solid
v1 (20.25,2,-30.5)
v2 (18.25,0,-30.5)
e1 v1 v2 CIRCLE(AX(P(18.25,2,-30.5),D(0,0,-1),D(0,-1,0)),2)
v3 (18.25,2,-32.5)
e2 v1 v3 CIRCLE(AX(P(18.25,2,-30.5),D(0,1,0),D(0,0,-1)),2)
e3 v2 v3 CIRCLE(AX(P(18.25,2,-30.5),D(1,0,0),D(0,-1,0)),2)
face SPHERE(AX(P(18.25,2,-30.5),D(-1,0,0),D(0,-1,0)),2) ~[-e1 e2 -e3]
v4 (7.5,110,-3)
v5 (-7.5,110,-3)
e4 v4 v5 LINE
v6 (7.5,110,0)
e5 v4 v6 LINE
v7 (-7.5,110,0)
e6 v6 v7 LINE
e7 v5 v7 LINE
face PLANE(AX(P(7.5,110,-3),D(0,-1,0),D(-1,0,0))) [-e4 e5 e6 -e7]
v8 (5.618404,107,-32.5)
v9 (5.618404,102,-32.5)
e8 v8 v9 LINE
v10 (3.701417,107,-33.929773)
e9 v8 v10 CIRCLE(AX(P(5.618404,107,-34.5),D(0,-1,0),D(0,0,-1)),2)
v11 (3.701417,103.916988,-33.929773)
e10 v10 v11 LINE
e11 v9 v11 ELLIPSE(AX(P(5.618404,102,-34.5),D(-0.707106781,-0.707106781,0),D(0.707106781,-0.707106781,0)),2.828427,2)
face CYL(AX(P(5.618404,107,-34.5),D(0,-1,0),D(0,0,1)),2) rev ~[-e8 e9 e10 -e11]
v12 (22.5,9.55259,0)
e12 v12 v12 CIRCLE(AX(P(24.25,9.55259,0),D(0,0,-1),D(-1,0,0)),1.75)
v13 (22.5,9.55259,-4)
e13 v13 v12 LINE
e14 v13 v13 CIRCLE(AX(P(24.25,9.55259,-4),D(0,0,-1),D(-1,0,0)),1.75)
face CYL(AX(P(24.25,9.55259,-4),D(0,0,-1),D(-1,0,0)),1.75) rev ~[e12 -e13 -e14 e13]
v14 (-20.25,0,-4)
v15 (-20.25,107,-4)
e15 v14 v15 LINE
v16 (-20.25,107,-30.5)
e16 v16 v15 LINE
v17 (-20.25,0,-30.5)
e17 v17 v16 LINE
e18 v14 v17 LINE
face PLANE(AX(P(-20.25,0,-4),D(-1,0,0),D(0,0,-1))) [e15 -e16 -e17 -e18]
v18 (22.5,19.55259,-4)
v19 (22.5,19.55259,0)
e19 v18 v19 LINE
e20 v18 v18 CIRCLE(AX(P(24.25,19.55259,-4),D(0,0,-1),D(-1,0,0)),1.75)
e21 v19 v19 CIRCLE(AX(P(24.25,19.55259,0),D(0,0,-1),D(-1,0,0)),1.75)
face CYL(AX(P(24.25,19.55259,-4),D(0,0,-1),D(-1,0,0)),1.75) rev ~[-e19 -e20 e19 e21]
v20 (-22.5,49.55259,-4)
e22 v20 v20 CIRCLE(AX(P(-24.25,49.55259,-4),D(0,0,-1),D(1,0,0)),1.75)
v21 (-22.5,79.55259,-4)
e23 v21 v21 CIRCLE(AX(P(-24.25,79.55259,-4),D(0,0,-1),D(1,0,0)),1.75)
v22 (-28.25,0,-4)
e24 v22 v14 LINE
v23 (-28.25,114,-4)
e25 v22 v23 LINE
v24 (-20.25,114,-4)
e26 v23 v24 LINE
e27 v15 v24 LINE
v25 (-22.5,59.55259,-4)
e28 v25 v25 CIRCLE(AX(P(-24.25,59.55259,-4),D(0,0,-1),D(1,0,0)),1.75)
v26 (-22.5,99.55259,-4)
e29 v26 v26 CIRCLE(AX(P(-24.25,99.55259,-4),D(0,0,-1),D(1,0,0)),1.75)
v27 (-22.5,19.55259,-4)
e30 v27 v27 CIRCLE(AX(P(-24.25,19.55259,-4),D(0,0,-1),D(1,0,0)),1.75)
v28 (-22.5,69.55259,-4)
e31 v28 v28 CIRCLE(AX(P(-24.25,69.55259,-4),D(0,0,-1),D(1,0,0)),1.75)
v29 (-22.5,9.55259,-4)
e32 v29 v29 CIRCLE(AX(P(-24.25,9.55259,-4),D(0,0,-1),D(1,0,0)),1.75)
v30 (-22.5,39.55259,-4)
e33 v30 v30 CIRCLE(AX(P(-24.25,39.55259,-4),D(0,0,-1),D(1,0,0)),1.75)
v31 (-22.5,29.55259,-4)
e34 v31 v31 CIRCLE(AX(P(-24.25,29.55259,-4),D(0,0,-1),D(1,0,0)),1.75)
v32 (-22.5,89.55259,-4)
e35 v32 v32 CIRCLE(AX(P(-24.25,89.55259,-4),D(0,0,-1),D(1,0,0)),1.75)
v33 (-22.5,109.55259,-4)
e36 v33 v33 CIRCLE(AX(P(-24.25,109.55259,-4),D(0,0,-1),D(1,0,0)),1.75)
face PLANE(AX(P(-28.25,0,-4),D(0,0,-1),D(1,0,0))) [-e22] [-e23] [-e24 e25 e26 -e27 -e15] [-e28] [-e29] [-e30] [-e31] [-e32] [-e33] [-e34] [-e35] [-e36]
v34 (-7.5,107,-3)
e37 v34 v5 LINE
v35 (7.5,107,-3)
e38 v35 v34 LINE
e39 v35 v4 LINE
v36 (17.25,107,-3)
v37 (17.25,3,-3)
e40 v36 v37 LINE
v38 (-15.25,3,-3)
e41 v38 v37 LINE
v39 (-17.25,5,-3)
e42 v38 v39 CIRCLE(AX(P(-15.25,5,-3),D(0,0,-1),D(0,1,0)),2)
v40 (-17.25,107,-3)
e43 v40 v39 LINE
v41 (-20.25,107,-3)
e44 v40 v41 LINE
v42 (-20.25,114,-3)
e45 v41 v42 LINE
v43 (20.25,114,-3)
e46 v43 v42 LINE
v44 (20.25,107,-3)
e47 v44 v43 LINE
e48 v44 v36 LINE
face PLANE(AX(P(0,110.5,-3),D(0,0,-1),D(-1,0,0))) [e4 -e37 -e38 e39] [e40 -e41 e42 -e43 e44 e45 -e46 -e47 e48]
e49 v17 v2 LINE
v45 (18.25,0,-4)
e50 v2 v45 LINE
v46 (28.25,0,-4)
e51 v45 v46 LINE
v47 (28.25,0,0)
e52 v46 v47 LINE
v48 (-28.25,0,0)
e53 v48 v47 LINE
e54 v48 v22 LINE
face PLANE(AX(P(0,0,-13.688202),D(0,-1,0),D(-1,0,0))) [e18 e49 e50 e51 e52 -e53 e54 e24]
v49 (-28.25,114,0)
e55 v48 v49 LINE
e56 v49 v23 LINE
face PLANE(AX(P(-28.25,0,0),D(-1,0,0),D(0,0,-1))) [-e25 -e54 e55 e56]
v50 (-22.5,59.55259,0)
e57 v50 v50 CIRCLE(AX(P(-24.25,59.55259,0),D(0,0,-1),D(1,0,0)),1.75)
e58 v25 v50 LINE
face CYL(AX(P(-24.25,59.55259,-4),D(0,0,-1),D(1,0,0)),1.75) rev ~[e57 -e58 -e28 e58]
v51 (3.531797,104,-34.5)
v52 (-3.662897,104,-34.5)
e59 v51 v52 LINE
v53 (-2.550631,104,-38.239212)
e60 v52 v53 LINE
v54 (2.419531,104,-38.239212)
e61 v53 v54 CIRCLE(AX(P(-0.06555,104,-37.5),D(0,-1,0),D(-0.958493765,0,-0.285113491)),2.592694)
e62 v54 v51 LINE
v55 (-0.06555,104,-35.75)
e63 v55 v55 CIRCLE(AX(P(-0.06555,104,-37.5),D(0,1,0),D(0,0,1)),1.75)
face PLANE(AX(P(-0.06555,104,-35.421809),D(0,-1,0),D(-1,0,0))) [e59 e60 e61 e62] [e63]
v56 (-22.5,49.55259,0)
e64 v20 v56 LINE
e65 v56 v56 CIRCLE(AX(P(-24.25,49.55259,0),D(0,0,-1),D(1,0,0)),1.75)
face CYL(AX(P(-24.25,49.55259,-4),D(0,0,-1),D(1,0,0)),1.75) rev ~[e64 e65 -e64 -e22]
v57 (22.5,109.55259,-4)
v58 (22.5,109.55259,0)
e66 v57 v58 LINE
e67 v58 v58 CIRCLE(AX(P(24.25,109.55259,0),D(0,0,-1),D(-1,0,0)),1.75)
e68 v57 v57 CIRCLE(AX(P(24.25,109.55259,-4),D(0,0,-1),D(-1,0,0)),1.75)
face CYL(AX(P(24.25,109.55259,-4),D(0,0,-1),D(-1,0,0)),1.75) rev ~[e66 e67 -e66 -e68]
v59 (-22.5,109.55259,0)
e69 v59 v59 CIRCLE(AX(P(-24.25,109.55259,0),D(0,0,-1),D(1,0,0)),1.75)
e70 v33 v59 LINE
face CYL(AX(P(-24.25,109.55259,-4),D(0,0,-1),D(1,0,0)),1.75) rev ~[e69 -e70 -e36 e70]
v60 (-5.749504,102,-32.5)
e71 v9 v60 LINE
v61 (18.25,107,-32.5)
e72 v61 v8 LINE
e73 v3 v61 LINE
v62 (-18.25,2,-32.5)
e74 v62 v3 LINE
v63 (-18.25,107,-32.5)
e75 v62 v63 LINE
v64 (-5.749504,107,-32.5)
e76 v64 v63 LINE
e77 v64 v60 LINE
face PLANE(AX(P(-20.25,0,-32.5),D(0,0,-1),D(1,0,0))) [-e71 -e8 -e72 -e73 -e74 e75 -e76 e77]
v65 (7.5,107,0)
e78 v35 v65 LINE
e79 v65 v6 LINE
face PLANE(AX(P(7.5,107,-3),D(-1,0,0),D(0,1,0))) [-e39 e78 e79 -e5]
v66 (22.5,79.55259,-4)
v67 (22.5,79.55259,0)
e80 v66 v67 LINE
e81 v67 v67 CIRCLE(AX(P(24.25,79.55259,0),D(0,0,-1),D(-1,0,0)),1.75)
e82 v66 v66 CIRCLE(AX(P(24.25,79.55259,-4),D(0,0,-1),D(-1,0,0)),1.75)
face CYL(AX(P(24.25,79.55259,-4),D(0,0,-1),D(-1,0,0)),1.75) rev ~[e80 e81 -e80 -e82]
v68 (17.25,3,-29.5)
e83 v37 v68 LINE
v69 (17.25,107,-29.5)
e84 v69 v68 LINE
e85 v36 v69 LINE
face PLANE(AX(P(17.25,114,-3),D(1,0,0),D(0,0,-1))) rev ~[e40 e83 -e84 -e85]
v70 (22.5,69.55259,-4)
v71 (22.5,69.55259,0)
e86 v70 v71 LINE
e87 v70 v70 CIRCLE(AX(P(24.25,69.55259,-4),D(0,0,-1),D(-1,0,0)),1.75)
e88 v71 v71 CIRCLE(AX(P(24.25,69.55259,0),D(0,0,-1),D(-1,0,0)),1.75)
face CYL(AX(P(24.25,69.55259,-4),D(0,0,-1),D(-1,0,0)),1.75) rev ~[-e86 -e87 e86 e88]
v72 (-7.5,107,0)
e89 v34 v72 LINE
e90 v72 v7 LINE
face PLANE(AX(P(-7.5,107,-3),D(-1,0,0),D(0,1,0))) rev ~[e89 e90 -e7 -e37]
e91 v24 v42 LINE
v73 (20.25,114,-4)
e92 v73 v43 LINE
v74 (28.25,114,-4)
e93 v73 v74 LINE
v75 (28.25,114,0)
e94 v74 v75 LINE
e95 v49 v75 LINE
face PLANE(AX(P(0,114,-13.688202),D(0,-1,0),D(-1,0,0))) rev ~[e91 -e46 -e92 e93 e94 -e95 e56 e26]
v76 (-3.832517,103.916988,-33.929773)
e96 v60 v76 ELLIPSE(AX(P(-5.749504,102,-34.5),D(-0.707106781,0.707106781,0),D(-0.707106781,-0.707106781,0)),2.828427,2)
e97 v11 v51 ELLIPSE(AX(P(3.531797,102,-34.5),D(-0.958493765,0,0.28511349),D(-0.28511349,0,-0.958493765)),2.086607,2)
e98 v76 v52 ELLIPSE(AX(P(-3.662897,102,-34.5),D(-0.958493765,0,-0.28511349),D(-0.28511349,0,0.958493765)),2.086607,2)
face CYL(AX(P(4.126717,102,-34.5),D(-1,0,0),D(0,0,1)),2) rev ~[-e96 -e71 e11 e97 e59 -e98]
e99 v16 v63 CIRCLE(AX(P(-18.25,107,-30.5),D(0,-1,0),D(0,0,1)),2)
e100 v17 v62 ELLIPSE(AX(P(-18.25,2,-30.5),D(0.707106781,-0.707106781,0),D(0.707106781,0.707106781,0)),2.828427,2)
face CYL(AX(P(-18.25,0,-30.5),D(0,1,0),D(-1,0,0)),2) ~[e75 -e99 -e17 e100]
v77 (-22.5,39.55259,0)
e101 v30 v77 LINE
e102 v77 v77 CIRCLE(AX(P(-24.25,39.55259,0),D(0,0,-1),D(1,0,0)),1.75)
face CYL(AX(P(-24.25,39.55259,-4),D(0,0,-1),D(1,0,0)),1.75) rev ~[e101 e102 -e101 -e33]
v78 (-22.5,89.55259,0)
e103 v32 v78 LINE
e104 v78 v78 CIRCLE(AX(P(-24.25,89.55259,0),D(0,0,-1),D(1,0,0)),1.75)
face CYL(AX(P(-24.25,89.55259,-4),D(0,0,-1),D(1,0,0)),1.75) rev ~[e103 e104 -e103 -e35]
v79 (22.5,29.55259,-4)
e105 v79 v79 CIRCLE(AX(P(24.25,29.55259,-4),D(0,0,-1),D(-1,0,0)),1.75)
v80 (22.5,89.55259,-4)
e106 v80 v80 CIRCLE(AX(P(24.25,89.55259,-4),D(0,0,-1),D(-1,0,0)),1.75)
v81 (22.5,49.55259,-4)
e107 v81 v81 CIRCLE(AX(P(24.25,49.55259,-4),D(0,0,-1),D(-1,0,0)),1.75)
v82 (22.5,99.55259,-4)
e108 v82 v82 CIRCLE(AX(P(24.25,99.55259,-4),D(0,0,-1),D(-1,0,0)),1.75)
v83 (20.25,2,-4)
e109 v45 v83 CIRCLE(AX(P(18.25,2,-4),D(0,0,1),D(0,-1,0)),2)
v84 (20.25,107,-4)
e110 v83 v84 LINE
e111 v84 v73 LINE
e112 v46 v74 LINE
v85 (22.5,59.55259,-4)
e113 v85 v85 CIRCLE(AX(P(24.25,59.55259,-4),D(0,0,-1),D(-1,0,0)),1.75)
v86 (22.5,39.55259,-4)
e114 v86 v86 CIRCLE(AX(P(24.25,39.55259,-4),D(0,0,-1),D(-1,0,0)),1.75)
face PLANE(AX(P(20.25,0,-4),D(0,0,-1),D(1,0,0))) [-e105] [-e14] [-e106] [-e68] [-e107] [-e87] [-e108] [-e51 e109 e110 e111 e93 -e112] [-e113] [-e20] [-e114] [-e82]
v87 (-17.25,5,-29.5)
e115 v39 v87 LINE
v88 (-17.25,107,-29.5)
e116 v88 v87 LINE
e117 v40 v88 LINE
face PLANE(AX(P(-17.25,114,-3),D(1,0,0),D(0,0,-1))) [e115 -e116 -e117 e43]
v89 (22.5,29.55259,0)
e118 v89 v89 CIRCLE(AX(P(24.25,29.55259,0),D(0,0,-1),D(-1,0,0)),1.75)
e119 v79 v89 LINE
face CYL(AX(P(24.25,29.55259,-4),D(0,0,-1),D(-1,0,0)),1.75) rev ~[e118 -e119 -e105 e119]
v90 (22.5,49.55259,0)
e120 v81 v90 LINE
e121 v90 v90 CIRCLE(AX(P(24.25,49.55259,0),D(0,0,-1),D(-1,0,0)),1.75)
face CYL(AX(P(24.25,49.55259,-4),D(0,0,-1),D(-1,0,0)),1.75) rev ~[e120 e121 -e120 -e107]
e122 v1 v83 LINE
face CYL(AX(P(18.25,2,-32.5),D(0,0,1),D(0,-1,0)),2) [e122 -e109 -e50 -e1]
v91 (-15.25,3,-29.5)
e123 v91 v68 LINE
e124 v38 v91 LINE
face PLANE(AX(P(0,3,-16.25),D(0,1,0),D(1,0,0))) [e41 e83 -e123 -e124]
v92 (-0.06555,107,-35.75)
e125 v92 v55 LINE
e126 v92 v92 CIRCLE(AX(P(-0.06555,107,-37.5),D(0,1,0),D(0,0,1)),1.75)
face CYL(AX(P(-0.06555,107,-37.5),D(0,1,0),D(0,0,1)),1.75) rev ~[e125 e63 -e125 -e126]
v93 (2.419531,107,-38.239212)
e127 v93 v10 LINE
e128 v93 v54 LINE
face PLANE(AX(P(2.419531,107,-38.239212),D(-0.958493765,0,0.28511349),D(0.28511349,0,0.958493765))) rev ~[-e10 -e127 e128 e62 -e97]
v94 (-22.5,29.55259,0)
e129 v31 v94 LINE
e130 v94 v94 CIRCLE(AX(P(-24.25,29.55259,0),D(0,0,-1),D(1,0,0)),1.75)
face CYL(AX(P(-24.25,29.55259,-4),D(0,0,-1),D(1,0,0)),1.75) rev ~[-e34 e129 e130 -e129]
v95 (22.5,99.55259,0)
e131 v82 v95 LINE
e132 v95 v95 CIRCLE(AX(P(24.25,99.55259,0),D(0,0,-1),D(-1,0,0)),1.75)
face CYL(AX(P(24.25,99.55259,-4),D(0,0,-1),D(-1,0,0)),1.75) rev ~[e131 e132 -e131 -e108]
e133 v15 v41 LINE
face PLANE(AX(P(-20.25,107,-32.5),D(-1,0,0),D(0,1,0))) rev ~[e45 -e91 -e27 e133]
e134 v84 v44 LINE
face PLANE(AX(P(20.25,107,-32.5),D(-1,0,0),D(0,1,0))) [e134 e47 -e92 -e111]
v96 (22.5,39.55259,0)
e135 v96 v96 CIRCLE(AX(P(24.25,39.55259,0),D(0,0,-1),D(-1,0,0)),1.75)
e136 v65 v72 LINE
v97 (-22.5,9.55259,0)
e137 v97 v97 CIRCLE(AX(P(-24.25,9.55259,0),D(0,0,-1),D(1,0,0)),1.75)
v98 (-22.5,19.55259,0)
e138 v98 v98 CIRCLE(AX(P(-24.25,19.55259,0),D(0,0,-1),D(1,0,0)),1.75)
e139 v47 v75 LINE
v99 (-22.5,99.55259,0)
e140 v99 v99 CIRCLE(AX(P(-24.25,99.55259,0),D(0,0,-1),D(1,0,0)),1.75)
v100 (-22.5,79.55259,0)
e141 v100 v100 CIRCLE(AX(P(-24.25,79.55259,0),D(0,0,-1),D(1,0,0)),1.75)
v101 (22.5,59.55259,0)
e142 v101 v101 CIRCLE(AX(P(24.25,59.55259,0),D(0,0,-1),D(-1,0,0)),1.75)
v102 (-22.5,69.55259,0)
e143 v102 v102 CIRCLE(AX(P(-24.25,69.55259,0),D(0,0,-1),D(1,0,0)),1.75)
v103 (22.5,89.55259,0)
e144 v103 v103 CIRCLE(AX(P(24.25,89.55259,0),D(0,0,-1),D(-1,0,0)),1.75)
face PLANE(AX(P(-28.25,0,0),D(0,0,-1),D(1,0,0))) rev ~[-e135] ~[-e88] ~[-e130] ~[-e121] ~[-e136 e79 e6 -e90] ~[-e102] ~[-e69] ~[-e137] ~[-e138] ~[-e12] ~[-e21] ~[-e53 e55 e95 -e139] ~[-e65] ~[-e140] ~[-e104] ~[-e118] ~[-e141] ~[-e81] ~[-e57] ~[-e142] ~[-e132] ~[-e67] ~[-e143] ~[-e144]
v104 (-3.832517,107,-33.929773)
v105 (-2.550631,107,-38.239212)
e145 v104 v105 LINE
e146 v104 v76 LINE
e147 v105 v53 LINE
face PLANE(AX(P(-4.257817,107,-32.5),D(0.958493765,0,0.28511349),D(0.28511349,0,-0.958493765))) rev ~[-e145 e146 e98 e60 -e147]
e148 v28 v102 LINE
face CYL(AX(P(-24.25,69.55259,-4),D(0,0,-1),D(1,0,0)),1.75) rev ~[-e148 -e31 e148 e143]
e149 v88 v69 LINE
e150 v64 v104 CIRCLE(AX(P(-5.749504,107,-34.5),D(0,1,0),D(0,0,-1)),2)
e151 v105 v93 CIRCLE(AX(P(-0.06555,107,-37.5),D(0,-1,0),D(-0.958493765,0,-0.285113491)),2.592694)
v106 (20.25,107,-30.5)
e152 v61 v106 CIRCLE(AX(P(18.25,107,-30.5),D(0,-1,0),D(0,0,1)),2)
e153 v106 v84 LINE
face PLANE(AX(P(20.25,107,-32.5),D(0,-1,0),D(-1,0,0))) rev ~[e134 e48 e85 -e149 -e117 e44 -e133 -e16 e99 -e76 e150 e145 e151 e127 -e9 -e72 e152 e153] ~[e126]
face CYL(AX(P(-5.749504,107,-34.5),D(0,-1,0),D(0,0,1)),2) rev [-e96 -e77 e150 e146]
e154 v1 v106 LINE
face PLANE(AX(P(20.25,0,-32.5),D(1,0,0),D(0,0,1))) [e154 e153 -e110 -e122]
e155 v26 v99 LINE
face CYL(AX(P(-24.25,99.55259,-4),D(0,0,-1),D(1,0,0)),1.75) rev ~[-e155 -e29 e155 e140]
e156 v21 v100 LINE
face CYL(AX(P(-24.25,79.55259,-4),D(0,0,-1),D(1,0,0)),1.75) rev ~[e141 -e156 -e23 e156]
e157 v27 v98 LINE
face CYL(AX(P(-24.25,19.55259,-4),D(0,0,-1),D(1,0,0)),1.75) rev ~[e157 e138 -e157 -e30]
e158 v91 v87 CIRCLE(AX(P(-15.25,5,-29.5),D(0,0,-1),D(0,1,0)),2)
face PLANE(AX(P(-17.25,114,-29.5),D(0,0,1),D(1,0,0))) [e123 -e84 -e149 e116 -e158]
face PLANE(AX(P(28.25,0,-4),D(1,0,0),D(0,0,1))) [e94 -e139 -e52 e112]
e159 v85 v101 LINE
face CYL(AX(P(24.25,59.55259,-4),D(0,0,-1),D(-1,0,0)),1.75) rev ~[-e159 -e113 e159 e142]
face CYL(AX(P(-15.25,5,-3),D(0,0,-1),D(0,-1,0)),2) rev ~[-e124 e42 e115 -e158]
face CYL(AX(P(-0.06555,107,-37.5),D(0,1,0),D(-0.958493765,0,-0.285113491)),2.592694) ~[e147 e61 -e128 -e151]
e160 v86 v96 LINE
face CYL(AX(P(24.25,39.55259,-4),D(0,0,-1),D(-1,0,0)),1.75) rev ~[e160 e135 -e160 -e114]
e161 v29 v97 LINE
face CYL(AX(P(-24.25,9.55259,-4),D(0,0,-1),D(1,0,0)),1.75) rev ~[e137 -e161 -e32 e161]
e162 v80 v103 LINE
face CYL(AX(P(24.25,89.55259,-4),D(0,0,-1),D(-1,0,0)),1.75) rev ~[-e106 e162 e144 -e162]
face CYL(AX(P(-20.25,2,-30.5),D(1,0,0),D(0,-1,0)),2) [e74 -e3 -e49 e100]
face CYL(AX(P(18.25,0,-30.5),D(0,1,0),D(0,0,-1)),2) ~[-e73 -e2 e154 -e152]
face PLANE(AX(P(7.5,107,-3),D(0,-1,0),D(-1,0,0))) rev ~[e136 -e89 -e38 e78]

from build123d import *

# Parameters (mm, degrees)
SALIENTE_EXTRUIR1_DEPTH = 114
CROQUIS3_W              = 34.5
CROQUIS3_H              = 26.5
CORTAR_EXTRUIR1_DEPTH   = 111
CROQUIS4_W              = 40.5
CROQUIS4_H              = 7
CORTAR_EXTRUIR2_DEPTH   = 29.5
CROQUIS5_W              = 15
CROQUIS5_H              = 3
CORTAR_EXTRUIR3_DEPTH   = 122.096294328
CROQUIS6_R              = 1.75
CORTAR_EXTRUIR4_DEPTH   = 121.856578224
SALIENTE_EXTRUIR2_DEPTH = 3
CROQUIS8_R              = 1.75
CORTAR_EXTRUIR5_DEPTH   = 118.705083301
REDONDEO1_R             = 2


with BuildPart() as part:
    # Croquis1 → Saliente-Extruir1 (new body)
    with BuildSketch(Plane(origin=(0, 0, 0), x_dir=(1, 0, 0), z_dir=(0, 1, 0))):
        Polygon((0, 0), (-28.25, 0), (-28.25, 4), (-20.25, 4), (-20.25, 32.5), (20.25, 32.5), (20.25, 4), (28.25, 4), (28.25, 0), align=None)
    extrude(amount=SALIENTE_EXTRUIR1_DEPTH)

    # Croquis3 → Cortar-Extruir1 (cut)
    with BuildSketch(Plane(origin=(0, 114, 0), x_dir=(1, 0, 0), z_dir=(0, 1, 0))):
        with Locations((0, 16.25)):
            Rectangle(CROQUIS3_W, CROQUIS3_H)
    extrude(amount=-CORTAR_EXTRUIR1_DEPTH, mode=Mode.SUBTRACT)

    # Croquis4 → Cortar-Extruir2 (cut)
    with BuildSketch(Plane(origin=(0, 0, -32.5), x_dir=(-1, 0, 0), z_dir=(0, 0, -1))):
        with Locations((0, 110.5)):
            Rectangle(CROQUIS4_W, CROQUIS4_H)
    extrude(amount=-CORTAR_EXTRUIR2_DEPTH, mode=Mode.SUBTRACT)

    # Croquis5 → Cortar-Extruir3 (cut, through all)
    with BuildSketch(Plane(origin=(0, 0, -3), x_dir=(-1, 0, 0), z_dir=(0, 0, -1))):
        with Locations((0, 108.5)):
            Rectangle(CROQUIS5_W, CROQUIS5_H)
    extrude(amount=-CORTAR_EXTRUIR3_DEPTH, mode=Mode.SUBTRACT)

    # Croquis6 → Cortar-Extruir4 (cut, through all)
    with BuildSketch(Plane(origin=(0, 0, -4), x_dir=(-1, 0, 0), z_dir=(0, 0, -1))):
        with Locations((-24.25, 109.552589801)):
            Circle(CROQUIS6_R)
        with Locations((-24.25, 99.552589801)):
            Circle(CROQUIS6_R)
        with Locations((-24.25, 89.552589801)):
            Circle(CROQUIS6_R)
        with Locations((-24.25, 79.552589801)):
            Circle(CROQUIS6_R)
        with Locations((-24.25, 69.552589801)):
            Circle(CROQUIS6_R)
        with Locations((-24.25, 59.552589801)):
            Circle(CROQUIS6_R)
        with Locations((-24.25, 49.552589801)):
            Circle(CROQUIS6_R)
        with Locations((-24.25, 39.552589801)):
            Circle(CROQUIS6_R)
        with Locations((-24.25, 29.552589801)):
            Circle(CROQUIS6_R)
        with Locations((-24.25, 19.552589801)):
            Circle(CROQUIS6_R)
        with Locations((-24.25, 9.552589801)):
            Circle(CROQUIS6_R)
        with Locations(Location((24.25, 9.552589801, 0), (0, 0, 180))):
            Circle(CROQUIS6_R)
        with Locations(Location((24.25, 19.552589801, 0), (0, 0, 180))):
            Circle(CROQUIS6_R)
        with Locations(Location((24.25, 29.552589801, 0), (0, 0, 180))):
            Circle(CROQUIS6_R)
        with Locations(Location((24.25, 39.552589801, 0), (0, 0, 180))):
            Circle(CROQUIS6_R)
        with Locations(Location((24.25, 49.552589801, 0), (0, 0, 180))):
            Circle(CROQUIS6_R)
        with Locations(Location((24.25, 59.552589801, 0), (0, 0, 180))):
            Circle(CROQUIS6_R)
        with Locations(Location((24.25, 69.552589801, 0), (0, 0, 180))):
            Circle(CROQUIS6_R)
        with Locations(Location((24.25, 79.552589801, 0), (0, 0, 180))):
            Circle(CROQUIS6_R)
        with Locations(Location((24.25, 89.552589801, 0), (0, 0, 180))):
            Circle(CROQUIS6_R)
        with Locations(Location((24.25, 99.552589801, 0), (0, 0, 180))):
            Circle(CROQUIS6_R)
        with Locations(Location((24.25, 109.552589801, 0), (0, 0, 180))):
            Circle(CROQUIS6_R)
    extrude(amount=-CORTAR_EXTRUIR4_DEPTH, mode=Mode.SUBTRACT)

    # Croquis7 → Saliente-Extruir2 (add)
    with BuildSketch(Plane(origin=(0, 107, 0), x_dir=(1, 0, 0), z_dir=(0, 1, 0))):
        with BuildLine():
            Line((-4.257816839, 32.5), (-2.550631192, 38.239212117))
            ThreePointArc((-2.550631192, 38.239212117), (-0.065549886, 40.092694284), (2.41953142, 38.239212117))
            Line((2.41953142, 38.239212117), (4.126717066, 32.5))
            Line((4.126717066, 32.5), (-4.257816839, 32.5))
        make_face()
    extrude(amount=-SALIENTE_EXTRUIR2_DEPTH)

    # Croquis8 → Cortar-Extruir5 (cut, through all)
    with BuildSketch(Plane(origin=(0, 107, 0), x_dir=(1, 0, 0), z_dir=(0, 1, 0))):
        with Locations(Location((-0.065549886, 37.5, 0), (0, 0, 270))):
            Circle(CROQUIS8_R)
    extrude(amount=-CORTAR_EXTRUIR5_DEPTH, mode=Mode.SUBTRACT)

    # Redondeo1
    redondeo1_edges = [part.edges().sort_by_distance(p)[0] for p in [
        (0, 0, -32.5),
        (20.25, 0, -18.25),
        (-0.065549886, 104, -32.5),
        (4.126717066, 105.5, -32.5),
        (-4.257816839, 105.5, -32.5),
        (-17.25, 3, -16.25),
        (-20.25, 53.5, -32.5),
        (20.25, 53.5, -32.5),
    ]]
    fillet(redondeo1_edges, radius=REDONDEO1_R)


solid = part.part
